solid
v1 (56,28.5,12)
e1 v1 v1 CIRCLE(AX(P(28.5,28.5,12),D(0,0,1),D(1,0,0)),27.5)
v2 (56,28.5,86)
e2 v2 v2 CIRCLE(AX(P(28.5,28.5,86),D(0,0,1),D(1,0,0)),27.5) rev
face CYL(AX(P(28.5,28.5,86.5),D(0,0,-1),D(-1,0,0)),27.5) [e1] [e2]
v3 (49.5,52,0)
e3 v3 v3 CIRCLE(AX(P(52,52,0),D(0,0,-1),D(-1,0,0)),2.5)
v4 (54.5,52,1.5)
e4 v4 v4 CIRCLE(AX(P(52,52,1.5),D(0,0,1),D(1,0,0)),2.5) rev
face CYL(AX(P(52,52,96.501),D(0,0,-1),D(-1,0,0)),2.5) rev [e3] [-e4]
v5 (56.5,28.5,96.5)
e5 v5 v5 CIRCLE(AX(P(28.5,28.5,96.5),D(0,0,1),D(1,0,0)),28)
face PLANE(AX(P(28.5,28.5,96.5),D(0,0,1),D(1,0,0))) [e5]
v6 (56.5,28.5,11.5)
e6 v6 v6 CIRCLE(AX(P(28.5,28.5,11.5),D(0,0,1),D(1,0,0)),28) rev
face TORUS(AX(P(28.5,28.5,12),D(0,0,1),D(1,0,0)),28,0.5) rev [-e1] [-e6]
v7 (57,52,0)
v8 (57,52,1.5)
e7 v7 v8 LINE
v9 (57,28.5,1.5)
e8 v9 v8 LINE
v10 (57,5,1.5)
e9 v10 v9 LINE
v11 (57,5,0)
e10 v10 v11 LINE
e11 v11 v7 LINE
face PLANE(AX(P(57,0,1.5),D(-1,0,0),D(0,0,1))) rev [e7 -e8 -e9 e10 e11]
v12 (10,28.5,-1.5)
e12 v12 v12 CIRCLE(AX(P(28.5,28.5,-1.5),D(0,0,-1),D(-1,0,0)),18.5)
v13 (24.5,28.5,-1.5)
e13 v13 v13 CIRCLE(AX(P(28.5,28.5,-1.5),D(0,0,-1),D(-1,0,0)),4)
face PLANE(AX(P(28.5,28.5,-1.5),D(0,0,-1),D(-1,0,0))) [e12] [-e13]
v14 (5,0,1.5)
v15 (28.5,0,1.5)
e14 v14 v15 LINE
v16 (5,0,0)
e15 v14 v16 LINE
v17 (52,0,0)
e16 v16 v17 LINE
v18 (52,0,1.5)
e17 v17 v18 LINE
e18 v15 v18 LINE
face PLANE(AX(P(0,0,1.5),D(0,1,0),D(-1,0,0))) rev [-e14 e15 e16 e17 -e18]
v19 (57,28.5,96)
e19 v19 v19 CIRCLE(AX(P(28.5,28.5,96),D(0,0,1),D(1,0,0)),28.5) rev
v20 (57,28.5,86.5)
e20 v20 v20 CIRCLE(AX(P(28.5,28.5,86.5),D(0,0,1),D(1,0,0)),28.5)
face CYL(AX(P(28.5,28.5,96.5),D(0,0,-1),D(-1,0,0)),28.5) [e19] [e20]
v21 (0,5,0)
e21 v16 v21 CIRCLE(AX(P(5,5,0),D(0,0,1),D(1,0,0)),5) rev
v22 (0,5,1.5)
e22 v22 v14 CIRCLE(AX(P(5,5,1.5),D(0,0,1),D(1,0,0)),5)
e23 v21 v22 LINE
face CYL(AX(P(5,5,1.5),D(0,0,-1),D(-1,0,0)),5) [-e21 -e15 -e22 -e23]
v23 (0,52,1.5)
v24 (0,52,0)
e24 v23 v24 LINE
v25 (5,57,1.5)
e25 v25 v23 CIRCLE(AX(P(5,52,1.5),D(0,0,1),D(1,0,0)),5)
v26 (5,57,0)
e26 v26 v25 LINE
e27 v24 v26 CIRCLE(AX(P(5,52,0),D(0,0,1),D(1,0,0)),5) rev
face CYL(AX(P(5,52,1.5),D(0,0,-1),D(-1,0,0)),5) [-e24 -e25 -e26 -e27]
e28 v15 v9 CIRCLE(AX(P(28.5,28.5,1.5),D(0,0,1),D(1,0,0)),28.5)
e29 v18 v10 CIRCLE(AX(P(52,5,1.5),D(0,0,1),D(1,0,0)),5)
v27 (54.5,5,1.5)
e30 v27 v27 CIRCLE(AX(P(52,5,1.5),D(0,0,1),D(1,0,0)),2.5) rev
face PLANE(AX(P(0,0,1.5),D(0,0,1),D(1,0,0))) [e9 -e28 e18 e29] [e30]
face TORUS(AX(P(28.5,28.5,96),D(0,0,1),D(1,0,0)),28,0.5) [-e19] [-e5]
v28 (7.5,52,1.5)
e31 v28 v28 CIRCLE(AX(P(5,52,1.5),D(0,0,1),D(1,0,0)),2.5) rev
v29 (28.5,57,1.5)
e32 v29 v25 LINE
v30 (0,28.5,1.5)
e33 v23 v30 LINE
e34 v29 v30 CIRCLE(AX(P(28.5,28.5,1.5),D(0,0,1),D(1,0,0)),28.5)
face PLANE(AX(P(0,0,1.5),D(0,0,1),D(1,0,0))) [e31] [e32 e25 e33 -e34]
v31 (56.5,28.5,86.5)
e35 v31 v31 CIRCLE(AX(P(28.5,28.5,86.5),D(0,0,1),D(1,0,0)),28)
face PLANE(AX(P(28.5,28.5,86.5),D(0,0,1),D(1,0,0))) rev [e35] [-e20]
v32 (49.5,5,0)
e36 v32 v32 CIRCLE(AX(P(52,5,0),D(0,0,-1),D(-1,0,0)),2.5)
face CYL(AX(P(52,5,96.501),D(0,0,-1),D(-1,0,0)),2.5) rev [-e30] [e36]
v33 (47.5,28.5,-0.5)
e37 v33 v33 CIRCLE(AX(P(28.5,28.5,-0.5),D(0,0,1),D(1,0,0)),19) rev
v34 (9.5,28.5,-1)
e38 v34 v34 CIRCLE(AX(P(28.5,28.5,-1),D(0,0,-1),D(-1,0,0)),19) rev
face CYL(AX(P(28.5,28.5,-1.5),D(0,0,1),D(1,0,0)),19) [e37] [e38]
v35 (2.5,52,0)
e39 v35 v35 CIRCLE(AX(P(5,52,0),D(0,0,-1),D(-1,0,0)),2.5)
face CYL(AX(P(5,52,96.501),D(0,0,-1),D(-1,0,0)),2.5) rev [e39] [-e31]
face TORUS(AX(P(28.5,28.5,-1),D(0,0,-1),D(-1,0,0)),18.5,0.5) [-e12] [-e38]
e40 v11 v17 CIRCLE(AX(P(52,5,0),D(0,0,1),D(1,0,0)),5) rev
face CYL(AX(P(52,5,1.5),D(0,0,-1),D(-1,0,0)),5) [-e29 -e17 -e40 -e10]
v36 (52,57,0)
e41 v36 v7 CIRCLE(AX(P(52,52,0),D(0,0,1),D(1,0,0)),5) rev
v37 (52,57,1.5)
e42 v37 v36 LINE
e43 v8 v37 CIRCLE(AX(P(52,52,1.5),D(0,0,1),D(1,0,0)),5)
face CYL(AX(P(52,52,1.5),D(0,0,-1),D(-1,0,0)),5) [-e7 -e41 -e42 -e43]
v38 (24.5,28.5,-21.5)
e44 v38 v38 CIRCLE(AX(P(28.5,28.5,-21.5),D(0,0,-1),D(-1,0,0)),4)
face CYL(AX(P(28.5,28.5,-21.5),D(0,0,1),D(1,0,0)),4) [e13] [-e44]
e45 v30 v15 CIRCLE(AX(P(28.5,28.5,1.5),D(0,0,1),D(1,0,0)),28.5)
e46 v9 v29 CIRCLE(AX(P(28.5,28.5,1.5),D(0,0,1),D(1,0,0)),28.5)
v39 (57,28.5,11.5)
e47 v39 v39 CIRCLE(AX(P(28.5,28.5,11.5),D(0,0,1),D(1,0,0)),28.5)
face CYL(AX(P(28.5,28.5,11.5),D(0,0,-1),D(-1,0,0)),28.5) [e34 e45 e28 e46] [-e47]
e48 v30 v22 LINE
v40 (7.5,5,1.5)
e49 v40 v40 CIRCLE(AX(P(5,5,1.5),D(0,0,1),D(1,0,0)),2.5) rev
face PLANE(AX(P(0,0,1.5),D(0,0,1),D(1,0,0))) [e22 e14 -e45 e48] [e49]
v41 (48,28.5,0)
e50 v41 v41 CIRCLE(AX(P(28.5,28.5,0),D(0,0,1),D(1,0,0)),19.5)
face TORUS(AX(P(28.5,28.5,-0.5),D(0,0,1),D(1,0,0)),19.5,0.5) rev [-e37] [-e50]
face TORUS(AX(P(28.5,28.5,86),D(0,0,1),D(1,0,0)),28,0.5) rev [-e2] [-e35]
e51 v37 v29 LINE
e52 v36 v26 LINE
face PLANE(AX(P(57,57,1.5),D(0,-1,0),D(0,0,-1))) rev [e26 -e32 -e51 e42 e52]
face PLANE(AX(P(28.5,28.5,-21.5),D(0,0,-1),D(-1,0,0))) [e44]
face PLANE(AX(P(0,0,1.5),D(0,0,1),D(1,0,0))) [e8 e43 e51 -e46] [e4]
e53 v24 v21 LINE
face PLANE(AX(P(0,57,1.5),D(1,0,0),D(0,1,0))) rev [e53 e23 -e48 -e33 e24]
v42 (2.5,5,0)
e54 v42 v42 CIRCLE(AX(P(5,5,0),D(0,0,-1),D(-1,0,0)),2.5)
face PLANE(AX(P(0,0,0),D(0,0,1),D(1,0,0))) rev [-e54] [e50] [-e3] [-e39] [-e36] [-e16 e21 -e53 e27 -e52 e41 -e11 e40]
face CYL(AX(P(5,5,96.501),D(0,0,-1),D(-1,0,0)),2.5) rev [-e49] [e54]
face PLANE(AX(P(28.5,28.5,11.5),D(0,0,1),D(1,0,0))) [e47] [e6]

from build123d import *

# Parameters (mm, degrees)
SKETCH1_W           = 57
SKETCH1_H           = 57
BOSS_EXTRUDE1_DEPTH = 1.5
SKETCH2_R           = 28.5
BOSS_EXTRUDE2_DEPTH = 10
SKETCH3_R           = 27.5
BOSS_EXTRUDE3_DEPTH = 75
SKETCH4_R           = 28.5
BOSS_EXTRUDE4_DEPTH = 10
CUT_EXTRUDE1_REACH  = 127.739
SKETCH5_R           = 2.5
SKETCH6_R           = 19
BOSS_EXTRUDE5_DEPTH = 1.5
SKETCH7_R           = 4
BOSS_EXTRUDE6_DEPTH = 20
FILLET1_R           = 5
FILLET2_R           = 0.5


with BuildPart() as part:
    # Sketch1 → Boss-Extrude1 (new body)
    with BuildSketch(Plane.XY):
        with Locations((28.5, 28.5)):
            Rectangle(SKETCH1_W, SKETCH1_H)
    extrude(amount=BOSS_EXTRUDE1_DEPTH)

    # Sketch2 → Boss-Extrude2 (add)
    with BuildSketch(Plane.XY.offset(1.5)):
        with Locations((28.5, 28.5)):
            Circle(SKETCH2_R)
    extrude(amount=BOSS_EXTRUDE2_DEPTH)

    # Sketch3 → Boss-Extrude3 (add)
    with BuildSketch(Plane.XY.offset(11.5)):
        with Locations((28.5, 28.5)):
            Circle(SKETCH3_R)
    extrude(amount=BOSS_EXTRUDE3_DEPTH)

    # Sketch4 → Boss-Extrude4 (add)
    with BuildSketch(Plane.XY.offset(86.5)):
        with Locations((28.5, 28.5)):
            Circle(SKETCH4_R)
    extrude(amount=BOSS_EXTRUDE4_DEPTH)

    # Sketch5 → Cut-Extrude1 (cut, up to next)
    with BuildSketch(Plane(origin=(0, 0, 0), x_dir=(-1, 0, 0), z_dir=(0, 0, -1)), mode=Mode.PRIVATE) as cut_extrude1_sk1:
        with Locations((-52, 52)):
            Circle(SKETCH5_R)
    cut_extrude1_tool1 = extrude(cut_extrude1_sk1.sketch, amount=-CUT_EXTRUDE1_REACH, mode=Mode.PRIVATE) & part.part
    # Sketch5 → Cut-Extrude1 (cut, up to next)
    with BuildSketch(Plane(origin=(0, 0, 0), x_dir=(-1, 0, 0), z_dir=(0, 0, -1)), mode=Mode.PRIVATE) as cut_extrude1_sk2:
        with Locations((-5, 52)):
            Circle(SKETCH5_R)
    cut_extrude1_tool2 = extrude(cut_extrude1_sk2.sketch, amount=-CUT_EXTRUDE1_REACH, mode=Mode.PRIVATE) & part.part
    # Sketch5 → Cut-Extrude1 (cut, up to next)
    with BuildSketch(Plane(origin=(0, 0, 0), x_dir=(-1, 0, 0), z_dir=(0, 0, -1)), mode=Mode.PRIVATE) as cut_extrude1_sk3:
        with Locations((-5, 5)):
            Circle(SKETCH5_R)
    cut_extrude1_tool3 = extrude(cut_extrude1_sk3.sketch, amount=-CUT_EXTRUDE1_REACH, mode=Mode.PRIVATE) & part.part
    # Sketch5 → Cut-Extrude1 (cut, up to next)
    with BuildSketch(Plane(origin=(0, 0, 0), x_dir=(-1, 0, 0), z_dir=(0, 0, -1)), mode=Mode.PRIVATE) as cut_extrude1_sk4:
        with Locations((-52, 5)):
            Circle(SKETCH5_R)
    cut_extrude1_tool4 = extrude(cut_extrude1_sk4.sketch, amount=-CUT_EXTRUDE1_REACH, mode=Mode.PRIVATE) & part.part
    add(cut_extrude1_tool1.solids().sort_by_distance((52, 52, 0))[0], mode=Mode.SUBTRACT)
    add(cut_extrude1_tool2.solids().sort_by_distance((5, 52, 0))[0], mode=Mode.SUBTRACT)
    add(cut_extrude1_tool3.solids().sort_by_distance((5, 5, 0))[0], mode=Mode.SUBTRACT)
    add(cut_extrude1_tool4.solids().sort_by_distance((52, 5, 0))[0], mode=Mode.SUBTRACT)

    # Sketch6 → Boss-Extrude5 (add)
    with BuildSketch(Plane(origin=(0, 0, 0), x_dir=(-1, 0, 0), z_dir=(0, 0, -1))):
        with Locations(Location((-28.5, 28.5, 0), (0, 0, 180))):
            Circle(SKETCH6_R)
    extrude(amount=BOSS_EXTRUDE5_DEPTH)

    # Sketch7 → Boss-Extrude6 (add)
    with BuildSketch(Plane(origin=(0, 0, -1.5), x_dir=(-1, 0, 0), z_dir=(0, 0, -1))):
        with Locations((-28.5, 28.5)):
            Circle(SKETCH7_R)
    extrude(amount=BOSS_EXTRUDE6_DEPTH)

    # Fillet1
    fillet1_edges = [part.edges().sort_by_distance(p)[0] for p in [
        (0, 57, 0.75),
        (57, 57, 0.75),
        (57, 0, 0.75),
        (0, 0, 0.75),
    ]]
    fillet(fillet1_edges, radius=FILLET1_R)

    # Fillet2
    fillet2_edges = [part.edges().sort_by_distance(p)[0] for p in [
        (1, 28.5, 11.5),
        (1, 28.5, 86.5),
        (0, 28.5, 96.5),
        (9.5, 28.5, 0),
        (9.5, 28.5, -1.5),
    ]]
    fillet(fillet2_edges, radius=FILLET2_R)


solid = part.part
